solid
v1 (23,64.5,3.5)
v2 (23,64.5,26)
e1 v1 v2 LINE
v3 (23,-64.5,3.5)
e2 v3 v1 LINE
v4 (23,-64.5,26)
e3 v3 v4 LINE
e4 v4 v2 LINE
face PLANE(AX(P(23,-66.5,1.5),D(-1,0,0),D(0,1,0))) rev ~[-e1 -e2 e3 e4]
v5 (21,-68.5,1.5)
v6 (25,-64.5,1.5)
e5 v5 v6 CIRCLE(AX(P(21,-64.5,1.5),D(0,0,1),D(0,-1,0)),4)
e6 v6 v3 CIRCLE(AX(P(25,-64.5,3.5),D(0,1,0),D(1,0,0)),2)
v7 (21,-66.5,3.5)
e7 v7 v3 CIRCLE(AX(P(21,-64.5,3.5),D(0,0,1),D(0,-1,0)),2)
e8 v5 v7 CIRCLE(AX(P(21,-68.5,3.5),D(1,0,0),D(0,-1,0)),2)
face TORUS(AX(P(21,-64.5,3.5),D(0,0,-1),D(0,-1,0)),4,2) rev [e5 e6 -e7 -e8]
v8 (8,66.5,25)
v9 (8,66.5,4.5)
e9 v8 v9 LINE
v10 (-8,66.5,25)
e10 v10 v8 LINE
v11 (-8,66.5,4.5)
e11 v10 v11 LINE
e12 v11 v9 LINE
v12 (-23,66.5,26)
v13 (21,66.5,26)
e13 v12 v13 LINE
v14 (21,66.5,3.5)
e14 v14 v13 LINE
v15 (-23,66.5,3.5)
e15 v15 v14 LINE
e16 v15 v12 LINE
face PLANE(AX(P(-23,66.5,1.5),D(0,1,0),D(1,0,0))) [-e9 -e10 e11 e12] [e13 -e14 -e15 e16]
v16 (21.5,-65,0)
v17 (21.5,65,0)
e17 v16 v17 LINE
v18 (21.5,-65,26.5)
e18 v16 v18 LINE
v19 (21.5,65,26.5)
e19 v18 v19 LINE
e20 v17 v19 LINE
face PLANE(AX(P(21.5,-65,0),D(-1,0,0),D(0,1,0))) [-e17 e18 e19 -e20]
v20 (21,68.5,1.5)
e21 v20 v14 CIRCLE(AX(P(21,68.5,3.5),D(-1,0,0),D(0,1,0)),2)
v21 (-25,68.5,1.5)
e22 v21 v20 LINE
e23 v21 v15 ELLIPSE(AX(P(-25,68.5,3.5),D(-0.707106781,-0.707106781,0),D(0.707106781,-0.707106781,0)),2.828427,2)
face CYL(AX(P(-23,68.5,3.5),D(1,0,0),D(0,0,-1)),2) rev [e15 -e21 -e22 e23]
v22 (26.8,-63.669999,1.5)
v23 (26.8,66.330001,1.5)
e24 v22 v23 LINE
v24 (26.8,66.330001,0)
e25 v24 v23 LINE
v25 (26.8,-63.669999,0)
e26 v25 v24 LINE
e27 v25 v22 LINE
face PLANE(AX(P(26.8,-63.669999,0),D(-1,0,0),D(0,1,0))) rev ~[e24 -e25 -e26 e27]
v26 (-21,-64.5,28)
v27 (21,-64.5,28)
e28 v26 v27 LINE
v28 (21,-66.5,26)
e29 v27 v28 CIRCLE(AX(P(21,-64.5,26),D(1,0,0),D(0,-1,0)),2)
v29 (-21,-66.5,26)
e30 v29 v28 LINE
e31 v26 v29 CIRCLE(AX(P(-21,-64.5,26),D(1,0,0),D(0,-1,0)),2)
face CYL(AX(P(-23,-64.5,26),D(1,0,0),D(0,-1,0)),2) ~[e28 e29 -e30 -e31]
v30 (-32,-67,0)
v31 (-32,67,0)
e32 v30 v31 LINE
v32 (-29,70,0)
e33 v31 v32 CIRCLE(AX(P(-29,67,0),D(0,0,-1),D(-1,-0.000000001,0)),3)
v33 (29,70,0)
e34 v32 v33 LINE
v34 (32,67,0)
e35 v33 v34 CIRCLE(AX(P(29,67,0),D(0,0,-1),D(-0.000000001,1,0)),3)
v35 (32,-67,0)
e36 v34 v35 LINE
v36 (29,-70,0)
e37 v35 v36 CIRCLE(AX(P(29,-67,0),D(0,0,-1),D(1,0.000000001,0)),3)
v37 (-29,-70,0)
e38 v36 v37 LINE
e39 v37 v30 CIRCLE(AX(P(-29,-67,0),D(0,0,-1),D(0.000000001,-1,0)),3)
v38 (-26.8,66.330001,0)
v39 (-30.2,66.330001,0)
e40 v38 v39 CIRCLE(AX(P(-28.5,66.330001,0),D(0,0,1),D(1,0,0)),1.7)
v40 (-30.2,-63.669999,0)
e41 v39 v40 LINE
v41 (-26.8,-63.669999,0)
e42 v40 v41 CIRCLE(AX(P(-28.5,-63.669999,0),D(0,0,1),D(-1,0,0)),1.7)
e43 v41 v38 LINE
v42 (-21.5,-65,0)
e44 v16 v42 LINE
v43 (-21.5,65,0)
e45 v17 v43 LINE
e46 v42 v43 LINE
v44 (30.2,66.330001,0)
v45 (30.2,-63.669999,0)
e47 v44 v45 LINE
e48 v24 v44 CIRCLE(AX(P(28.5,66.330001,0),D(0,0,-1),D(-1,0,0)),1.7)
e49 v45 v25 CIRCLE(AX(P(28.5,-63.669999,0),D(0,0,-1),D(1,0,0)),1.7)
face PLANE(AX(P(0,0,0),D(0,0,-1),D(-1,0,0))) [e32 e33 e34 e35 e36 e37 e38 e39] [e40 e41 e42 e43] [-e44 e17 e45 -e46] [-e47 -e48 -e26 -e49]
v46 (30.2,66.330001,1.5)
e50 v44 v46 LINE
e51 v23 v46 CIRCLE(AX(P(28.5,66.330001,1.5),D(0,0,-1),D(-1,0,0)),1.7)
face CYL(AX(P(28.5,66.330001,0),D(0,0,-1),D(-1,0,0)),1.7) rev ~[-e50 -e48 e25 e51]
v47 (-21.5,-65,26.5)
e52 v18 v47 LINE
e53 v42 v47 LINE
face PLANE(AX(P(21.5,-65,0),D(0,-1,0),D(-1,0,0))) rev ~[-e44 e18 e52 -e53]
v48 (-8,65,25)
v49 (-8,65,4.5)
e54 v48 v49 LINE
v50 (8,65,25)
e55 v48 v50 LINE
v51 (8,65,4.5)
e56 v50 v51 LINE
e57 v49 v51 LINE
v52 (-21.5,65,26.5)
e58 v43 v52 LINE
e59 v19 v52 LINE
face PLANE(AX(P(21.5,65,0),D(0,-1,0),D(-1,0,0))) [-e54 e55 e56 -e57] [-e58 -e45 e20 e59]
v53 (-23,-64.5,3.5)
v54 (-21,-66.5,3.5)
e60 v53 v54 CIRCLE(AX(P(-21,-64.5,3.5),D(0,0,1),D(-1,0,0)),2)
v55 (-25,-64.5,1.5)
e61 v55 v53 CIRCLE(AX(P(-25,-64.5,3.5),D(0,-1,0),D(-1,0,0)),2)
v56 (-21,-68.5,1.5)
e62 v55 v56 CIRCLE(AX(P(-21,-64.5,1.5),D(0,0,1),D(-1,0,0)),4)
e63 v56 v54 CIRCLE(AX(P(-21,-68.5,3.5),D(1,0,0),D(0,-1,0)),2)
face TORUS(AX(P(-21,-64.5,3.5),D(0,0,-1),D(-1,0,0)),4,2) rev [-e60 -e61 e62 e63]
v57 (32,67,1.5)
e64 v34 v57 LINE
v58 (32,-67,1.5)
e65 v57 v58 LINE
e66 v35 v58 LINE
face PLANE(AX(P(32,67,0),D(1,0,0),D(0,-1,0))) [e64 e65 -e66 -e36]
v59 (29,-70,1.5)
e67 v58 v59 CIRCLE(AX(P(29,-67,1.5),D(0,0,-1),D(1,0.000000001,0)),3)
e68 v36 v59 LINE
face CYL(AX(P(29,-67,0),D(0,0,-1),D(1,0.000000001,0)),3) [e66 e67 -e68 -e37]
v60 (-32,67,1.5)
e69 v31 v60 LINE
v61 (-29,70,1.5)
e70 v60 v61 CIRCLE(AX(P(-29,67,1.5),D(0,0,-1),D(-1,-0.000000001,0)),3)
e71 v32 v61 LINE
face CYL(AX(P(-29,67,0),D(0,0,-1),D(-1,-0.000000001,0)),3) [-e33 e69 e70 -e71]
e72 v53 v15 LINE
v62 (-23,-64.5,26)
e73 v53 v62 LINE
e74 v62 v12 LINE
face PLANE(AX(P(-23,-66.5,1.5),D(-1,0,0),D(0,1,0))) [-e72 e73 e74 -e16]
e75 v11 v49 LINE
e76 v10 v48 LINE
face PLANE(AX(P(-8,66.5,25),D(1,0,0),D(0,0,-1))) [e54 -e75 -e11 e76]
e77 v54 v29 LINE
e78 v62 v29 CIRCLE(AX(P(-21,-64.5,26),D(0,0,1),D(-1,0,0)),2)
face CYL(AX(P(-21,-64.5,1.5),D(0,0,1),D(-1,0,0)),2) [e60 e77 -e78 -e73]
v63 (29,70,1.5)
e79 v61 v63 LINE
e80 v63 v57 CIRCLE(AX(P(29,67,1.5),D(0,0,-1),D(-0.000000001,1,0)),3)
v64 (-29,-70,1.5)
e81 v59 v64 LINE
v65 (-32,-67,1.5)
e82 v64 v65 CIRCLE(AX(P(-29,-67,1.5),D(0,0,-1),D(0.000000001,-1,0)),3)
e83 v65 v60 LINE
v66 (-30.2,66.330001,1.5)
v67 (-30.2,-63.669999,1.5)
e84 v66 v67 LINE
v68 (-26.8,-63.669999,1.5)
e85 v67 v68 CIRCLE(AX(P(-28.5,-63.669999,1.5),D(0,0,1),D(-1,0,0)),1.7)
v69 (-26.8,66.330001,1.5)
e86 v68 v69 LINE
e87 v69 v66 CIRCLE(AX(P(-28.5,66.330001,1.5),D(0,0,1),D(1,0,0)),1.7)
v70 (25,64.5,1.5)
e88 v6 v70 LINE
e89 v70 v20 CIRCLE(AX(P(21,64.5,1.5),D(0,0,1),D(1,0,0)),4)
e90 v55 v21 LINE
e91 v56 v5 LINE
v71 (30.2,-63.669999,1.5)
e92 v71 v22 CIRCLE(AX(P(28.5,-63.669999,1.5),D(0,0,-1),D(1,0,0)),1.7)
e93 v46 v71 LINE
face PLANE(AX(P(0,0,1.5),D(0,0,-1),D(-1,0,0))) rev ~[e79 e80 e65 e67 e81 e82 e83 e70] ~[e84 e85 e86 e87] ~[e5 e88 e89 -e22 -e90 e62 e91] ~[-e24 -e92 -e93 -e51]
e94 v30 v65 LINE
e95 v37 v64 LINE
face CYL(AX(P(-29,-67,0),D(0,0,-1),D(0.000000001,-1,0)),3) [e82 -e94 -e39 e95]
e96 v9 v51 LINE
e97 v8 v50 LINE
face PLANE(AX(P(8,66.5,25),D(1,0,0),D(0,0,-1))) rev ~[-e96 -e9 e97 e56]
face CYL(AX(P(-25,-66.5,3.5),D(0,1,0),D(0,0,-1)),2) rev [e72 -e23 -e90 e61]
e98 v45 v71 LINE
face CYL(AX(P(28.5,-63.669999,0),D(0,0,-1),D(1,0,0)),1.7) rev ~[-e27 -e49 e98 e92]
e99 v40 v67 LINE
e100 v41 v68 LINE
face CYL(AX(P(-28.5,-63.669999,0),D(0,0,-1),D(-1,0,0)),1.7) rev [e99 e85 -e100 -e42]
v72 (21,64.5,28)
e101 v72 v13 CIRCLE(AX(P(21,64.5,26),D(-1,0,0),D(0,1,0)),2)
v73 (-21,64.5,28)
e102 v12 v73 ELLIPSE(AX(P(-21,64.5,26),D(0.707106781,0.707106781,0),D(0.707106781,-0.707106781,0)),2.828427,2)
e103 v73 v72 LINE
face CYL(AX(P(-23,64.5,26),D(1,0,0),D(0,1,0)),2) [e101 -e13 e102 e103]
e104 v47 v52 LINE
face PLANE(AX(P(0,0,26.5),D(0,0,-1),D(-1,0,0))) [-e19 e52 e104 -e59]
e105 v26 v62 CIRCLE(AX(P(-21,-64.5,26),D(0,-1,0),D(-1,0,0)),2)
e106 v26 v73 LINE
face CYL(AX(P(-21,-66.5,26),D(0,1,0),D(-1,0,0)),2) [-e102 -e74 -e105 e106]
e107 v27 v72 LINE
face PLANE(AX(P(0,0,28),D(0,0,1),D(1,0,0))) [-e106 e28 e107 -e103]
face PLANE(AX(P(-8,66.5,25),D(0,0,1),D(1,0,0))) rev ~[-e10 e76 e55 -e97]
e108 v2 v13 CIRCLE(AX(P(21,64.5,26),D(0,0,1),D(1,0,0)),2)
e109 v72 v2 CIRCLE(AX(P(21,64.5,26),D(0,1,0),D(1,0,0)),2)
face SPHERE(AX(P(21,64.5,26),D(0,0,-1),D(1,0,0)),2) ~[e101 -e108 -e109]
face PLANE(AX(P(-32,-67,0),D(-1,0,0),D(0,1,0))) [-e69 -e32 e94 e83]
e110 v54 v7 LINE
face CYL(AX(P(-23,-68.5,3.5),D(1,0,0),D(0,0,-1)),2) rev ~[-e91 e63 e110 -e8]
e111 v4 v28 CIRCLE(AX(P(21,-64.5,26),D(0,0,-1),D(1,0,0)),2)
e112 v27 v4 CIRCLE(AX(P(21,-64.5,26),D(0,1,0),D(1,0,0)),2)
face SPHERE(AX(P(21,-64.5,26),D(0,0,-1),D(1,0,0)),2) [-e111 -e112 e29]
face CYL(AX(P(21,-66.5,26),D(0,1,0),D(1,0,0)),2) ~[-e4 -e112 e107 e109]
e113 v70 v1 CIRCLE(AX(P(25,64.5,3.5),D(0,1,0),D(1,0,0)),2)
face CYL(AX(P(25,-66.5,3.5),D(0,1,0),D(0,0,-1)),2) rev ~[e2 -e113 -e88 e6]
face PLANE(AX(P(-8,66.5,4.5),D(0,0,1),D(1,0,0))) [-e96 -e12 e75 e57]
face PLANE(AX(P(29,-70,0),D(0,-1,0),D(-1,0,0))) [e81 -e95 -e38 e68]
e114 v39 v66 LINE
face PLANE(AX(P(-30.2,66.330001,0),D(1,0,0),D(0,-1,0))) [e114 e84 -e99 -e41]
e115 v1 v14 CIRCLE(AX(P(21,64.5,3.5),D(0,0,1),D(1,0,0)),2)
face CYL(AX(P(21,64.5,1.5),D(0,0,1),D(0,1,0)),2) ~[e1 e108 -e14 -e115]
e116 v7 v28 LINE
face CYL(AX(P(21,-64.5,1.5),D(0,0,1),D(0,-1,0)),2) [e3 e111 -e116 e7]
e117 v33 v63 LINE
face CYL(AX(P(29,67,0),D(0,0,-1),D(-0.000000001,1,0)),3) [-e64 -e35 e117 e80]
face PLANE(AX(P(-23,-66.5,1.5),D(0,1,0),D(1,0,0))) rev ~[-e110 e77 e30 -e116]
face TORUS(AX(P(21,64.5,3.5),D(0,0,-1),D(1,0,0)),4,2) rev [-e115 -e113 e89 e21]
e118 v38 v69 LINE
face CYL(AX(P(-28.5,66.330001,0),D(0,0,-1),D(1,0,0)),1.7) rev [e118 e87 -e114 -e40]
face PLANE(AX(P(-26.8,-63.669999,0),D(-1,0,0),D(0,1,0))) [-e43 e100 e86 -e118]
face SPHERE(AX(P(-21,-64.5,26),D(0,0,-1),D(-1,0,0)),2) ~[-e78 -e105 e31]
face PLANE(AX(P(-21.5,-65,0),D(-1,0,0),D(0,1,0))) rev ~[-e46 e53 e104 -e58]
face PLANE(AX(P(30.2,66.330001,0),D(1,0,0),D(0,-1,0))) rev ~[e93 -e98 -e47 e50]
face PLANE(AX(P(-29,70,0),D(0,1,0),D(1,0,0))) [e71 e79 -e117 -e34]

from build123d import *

# Parameters (mm, degrees)
BOSS_EXTRUDE1_DEPTH = 1.5
SKETCH2_W           = 46
SKETCH2_H           = 133
BOSS_EXTRUDE2_DEPTH = 26.5
SKETCH3_W           = 43
SKETCH3_H           = 130
CUT_EXTRUDE1_DEPTH  = 26.5
CUT_EXTRUDE2_DEPTH  = 1.5
SKETCH5_W           = 16
SKETCH5_H           = 20.5
CUT_EXTRUDE3_DEPTH  = 1.5
FILLET1_R           = 2


with BuildPart() as part:
    # Sketch1 → Boss-Extrude1 (new body)
    with BuildSketch(Plane.XY):
        with BuildLine():
            Line((-29, 70), (29, 70))
            ThreePointArc((29, 70), (31.121320344, 69.121320344), (32, 67))
            Line((32, 67), (32, -67))
            ThreePointArc((32, -67), (31.121320344, -69.121320344), (29, -70))
            Line((29, -70), (-29, -70))
            ThreePointArc((-29, -70), (-31.121320344, -69.121320344), (-32, -67))
            Line((-32, -67), (-32, 67))
            ThreePointArc((-32, 67), (-31.121320344, 69.121320344), (-29, 70))
        make_face()
    extrude(amount=BOSS_EXTRUDE1_DEPTH)

    # Sketch2 → Boss-Extrude2 (add)
    with BuildSketch(Plane.XY.offset(1.5)):
        Rectangle(SKETCH2_W, SKETCH2_H)
    extrude(amount=BOSS_EXTRUDE2_DEPTH)

    # Sketch3 → Cut-Extrude1 (cut)
    with BuildSketch(Plane(origin=(0, 0, 0), x_dir=(-1, 0, 0), z_dir=(0, 0, -1))):
        Rectangle(SKETCH3_W, SKETCH3_H)
    extrude(amount=-CUT_EXTRUDE1_DEPTH, mode=Mode.SUBTRACT)

    # Sketch4 → Cut-Extrude2 (cut)
    with BuildSketch(Plane(origin=(0, 0, 0), x_dir=(-1, 0, 0), z_dir=(0, 0, -1))):
        with BuildLine():
            Line((-30.2, 66.330000504), (-30.2, -63.669999496))
            ThreePointArc((-30.2, -63.669999496), (-28.5, -65.369999496), (-26.8, -63.669999496))
            Line((-26.8, -63.669999496), (-26.8, 66.330000504))
            ThreePointArc((-26.8, 66.330000504), (-28.5, 68.030000504), (-30.2, 66.330000504))
        make_face()
        with BuildLine():
            Line((30.2, 66.330000504), (30.2, -63.669999496))
            ThreePointArc((30.2, -63.669999496), (28.5, -65.369999496), (26.8, -63.669999496))
            Line((26.8, -63.669999496), (26.8, 66.330000504))
            ThreePointArc((26.8, 66.330000504), (28.5, 68.030000504), (30.2, 66.330000504))
        make_face()
    extrude(amount=-CUT_EXTRUDE2_DEPTH, mode=Mode.SUBTRACT)

    # Sketch5 → Cut-Extrude3 (cut)
    with BuildSketch(Plane(origin=(0, 66.5, 0), x_dir=(1, 0, 0), z_dir=(0, 1, 0))):
        with Locations((0, -14.75)):
            Rectangle(SKETCH5_W, SKETCH5_H)
    extrude(amount=-CUT_EXTRUDE3_DEPTH, mode=Mode.SUBTRACT)

    # Fillet1
    fillet1_edges = [part.edges().sort_by_distance(p)[0] for p in [
        (23, 0, 1.5),
        (23, -66.5, 14.75),
        (0, 66.5, 1.5),
        (23, 66.5, 14.75),
        (-23, 0, 1.5),
        (0, -66.5, 1.5),
        (-23, -66.5, 14.75),
        (23, 0, 28),
        (0, 66.5, 28),
        (-23, 0, 28),
        (0, -66.5, 28),
    ]]
    fillet(fillet1_edges, radius=FILLET1_R)


solid = part.part
